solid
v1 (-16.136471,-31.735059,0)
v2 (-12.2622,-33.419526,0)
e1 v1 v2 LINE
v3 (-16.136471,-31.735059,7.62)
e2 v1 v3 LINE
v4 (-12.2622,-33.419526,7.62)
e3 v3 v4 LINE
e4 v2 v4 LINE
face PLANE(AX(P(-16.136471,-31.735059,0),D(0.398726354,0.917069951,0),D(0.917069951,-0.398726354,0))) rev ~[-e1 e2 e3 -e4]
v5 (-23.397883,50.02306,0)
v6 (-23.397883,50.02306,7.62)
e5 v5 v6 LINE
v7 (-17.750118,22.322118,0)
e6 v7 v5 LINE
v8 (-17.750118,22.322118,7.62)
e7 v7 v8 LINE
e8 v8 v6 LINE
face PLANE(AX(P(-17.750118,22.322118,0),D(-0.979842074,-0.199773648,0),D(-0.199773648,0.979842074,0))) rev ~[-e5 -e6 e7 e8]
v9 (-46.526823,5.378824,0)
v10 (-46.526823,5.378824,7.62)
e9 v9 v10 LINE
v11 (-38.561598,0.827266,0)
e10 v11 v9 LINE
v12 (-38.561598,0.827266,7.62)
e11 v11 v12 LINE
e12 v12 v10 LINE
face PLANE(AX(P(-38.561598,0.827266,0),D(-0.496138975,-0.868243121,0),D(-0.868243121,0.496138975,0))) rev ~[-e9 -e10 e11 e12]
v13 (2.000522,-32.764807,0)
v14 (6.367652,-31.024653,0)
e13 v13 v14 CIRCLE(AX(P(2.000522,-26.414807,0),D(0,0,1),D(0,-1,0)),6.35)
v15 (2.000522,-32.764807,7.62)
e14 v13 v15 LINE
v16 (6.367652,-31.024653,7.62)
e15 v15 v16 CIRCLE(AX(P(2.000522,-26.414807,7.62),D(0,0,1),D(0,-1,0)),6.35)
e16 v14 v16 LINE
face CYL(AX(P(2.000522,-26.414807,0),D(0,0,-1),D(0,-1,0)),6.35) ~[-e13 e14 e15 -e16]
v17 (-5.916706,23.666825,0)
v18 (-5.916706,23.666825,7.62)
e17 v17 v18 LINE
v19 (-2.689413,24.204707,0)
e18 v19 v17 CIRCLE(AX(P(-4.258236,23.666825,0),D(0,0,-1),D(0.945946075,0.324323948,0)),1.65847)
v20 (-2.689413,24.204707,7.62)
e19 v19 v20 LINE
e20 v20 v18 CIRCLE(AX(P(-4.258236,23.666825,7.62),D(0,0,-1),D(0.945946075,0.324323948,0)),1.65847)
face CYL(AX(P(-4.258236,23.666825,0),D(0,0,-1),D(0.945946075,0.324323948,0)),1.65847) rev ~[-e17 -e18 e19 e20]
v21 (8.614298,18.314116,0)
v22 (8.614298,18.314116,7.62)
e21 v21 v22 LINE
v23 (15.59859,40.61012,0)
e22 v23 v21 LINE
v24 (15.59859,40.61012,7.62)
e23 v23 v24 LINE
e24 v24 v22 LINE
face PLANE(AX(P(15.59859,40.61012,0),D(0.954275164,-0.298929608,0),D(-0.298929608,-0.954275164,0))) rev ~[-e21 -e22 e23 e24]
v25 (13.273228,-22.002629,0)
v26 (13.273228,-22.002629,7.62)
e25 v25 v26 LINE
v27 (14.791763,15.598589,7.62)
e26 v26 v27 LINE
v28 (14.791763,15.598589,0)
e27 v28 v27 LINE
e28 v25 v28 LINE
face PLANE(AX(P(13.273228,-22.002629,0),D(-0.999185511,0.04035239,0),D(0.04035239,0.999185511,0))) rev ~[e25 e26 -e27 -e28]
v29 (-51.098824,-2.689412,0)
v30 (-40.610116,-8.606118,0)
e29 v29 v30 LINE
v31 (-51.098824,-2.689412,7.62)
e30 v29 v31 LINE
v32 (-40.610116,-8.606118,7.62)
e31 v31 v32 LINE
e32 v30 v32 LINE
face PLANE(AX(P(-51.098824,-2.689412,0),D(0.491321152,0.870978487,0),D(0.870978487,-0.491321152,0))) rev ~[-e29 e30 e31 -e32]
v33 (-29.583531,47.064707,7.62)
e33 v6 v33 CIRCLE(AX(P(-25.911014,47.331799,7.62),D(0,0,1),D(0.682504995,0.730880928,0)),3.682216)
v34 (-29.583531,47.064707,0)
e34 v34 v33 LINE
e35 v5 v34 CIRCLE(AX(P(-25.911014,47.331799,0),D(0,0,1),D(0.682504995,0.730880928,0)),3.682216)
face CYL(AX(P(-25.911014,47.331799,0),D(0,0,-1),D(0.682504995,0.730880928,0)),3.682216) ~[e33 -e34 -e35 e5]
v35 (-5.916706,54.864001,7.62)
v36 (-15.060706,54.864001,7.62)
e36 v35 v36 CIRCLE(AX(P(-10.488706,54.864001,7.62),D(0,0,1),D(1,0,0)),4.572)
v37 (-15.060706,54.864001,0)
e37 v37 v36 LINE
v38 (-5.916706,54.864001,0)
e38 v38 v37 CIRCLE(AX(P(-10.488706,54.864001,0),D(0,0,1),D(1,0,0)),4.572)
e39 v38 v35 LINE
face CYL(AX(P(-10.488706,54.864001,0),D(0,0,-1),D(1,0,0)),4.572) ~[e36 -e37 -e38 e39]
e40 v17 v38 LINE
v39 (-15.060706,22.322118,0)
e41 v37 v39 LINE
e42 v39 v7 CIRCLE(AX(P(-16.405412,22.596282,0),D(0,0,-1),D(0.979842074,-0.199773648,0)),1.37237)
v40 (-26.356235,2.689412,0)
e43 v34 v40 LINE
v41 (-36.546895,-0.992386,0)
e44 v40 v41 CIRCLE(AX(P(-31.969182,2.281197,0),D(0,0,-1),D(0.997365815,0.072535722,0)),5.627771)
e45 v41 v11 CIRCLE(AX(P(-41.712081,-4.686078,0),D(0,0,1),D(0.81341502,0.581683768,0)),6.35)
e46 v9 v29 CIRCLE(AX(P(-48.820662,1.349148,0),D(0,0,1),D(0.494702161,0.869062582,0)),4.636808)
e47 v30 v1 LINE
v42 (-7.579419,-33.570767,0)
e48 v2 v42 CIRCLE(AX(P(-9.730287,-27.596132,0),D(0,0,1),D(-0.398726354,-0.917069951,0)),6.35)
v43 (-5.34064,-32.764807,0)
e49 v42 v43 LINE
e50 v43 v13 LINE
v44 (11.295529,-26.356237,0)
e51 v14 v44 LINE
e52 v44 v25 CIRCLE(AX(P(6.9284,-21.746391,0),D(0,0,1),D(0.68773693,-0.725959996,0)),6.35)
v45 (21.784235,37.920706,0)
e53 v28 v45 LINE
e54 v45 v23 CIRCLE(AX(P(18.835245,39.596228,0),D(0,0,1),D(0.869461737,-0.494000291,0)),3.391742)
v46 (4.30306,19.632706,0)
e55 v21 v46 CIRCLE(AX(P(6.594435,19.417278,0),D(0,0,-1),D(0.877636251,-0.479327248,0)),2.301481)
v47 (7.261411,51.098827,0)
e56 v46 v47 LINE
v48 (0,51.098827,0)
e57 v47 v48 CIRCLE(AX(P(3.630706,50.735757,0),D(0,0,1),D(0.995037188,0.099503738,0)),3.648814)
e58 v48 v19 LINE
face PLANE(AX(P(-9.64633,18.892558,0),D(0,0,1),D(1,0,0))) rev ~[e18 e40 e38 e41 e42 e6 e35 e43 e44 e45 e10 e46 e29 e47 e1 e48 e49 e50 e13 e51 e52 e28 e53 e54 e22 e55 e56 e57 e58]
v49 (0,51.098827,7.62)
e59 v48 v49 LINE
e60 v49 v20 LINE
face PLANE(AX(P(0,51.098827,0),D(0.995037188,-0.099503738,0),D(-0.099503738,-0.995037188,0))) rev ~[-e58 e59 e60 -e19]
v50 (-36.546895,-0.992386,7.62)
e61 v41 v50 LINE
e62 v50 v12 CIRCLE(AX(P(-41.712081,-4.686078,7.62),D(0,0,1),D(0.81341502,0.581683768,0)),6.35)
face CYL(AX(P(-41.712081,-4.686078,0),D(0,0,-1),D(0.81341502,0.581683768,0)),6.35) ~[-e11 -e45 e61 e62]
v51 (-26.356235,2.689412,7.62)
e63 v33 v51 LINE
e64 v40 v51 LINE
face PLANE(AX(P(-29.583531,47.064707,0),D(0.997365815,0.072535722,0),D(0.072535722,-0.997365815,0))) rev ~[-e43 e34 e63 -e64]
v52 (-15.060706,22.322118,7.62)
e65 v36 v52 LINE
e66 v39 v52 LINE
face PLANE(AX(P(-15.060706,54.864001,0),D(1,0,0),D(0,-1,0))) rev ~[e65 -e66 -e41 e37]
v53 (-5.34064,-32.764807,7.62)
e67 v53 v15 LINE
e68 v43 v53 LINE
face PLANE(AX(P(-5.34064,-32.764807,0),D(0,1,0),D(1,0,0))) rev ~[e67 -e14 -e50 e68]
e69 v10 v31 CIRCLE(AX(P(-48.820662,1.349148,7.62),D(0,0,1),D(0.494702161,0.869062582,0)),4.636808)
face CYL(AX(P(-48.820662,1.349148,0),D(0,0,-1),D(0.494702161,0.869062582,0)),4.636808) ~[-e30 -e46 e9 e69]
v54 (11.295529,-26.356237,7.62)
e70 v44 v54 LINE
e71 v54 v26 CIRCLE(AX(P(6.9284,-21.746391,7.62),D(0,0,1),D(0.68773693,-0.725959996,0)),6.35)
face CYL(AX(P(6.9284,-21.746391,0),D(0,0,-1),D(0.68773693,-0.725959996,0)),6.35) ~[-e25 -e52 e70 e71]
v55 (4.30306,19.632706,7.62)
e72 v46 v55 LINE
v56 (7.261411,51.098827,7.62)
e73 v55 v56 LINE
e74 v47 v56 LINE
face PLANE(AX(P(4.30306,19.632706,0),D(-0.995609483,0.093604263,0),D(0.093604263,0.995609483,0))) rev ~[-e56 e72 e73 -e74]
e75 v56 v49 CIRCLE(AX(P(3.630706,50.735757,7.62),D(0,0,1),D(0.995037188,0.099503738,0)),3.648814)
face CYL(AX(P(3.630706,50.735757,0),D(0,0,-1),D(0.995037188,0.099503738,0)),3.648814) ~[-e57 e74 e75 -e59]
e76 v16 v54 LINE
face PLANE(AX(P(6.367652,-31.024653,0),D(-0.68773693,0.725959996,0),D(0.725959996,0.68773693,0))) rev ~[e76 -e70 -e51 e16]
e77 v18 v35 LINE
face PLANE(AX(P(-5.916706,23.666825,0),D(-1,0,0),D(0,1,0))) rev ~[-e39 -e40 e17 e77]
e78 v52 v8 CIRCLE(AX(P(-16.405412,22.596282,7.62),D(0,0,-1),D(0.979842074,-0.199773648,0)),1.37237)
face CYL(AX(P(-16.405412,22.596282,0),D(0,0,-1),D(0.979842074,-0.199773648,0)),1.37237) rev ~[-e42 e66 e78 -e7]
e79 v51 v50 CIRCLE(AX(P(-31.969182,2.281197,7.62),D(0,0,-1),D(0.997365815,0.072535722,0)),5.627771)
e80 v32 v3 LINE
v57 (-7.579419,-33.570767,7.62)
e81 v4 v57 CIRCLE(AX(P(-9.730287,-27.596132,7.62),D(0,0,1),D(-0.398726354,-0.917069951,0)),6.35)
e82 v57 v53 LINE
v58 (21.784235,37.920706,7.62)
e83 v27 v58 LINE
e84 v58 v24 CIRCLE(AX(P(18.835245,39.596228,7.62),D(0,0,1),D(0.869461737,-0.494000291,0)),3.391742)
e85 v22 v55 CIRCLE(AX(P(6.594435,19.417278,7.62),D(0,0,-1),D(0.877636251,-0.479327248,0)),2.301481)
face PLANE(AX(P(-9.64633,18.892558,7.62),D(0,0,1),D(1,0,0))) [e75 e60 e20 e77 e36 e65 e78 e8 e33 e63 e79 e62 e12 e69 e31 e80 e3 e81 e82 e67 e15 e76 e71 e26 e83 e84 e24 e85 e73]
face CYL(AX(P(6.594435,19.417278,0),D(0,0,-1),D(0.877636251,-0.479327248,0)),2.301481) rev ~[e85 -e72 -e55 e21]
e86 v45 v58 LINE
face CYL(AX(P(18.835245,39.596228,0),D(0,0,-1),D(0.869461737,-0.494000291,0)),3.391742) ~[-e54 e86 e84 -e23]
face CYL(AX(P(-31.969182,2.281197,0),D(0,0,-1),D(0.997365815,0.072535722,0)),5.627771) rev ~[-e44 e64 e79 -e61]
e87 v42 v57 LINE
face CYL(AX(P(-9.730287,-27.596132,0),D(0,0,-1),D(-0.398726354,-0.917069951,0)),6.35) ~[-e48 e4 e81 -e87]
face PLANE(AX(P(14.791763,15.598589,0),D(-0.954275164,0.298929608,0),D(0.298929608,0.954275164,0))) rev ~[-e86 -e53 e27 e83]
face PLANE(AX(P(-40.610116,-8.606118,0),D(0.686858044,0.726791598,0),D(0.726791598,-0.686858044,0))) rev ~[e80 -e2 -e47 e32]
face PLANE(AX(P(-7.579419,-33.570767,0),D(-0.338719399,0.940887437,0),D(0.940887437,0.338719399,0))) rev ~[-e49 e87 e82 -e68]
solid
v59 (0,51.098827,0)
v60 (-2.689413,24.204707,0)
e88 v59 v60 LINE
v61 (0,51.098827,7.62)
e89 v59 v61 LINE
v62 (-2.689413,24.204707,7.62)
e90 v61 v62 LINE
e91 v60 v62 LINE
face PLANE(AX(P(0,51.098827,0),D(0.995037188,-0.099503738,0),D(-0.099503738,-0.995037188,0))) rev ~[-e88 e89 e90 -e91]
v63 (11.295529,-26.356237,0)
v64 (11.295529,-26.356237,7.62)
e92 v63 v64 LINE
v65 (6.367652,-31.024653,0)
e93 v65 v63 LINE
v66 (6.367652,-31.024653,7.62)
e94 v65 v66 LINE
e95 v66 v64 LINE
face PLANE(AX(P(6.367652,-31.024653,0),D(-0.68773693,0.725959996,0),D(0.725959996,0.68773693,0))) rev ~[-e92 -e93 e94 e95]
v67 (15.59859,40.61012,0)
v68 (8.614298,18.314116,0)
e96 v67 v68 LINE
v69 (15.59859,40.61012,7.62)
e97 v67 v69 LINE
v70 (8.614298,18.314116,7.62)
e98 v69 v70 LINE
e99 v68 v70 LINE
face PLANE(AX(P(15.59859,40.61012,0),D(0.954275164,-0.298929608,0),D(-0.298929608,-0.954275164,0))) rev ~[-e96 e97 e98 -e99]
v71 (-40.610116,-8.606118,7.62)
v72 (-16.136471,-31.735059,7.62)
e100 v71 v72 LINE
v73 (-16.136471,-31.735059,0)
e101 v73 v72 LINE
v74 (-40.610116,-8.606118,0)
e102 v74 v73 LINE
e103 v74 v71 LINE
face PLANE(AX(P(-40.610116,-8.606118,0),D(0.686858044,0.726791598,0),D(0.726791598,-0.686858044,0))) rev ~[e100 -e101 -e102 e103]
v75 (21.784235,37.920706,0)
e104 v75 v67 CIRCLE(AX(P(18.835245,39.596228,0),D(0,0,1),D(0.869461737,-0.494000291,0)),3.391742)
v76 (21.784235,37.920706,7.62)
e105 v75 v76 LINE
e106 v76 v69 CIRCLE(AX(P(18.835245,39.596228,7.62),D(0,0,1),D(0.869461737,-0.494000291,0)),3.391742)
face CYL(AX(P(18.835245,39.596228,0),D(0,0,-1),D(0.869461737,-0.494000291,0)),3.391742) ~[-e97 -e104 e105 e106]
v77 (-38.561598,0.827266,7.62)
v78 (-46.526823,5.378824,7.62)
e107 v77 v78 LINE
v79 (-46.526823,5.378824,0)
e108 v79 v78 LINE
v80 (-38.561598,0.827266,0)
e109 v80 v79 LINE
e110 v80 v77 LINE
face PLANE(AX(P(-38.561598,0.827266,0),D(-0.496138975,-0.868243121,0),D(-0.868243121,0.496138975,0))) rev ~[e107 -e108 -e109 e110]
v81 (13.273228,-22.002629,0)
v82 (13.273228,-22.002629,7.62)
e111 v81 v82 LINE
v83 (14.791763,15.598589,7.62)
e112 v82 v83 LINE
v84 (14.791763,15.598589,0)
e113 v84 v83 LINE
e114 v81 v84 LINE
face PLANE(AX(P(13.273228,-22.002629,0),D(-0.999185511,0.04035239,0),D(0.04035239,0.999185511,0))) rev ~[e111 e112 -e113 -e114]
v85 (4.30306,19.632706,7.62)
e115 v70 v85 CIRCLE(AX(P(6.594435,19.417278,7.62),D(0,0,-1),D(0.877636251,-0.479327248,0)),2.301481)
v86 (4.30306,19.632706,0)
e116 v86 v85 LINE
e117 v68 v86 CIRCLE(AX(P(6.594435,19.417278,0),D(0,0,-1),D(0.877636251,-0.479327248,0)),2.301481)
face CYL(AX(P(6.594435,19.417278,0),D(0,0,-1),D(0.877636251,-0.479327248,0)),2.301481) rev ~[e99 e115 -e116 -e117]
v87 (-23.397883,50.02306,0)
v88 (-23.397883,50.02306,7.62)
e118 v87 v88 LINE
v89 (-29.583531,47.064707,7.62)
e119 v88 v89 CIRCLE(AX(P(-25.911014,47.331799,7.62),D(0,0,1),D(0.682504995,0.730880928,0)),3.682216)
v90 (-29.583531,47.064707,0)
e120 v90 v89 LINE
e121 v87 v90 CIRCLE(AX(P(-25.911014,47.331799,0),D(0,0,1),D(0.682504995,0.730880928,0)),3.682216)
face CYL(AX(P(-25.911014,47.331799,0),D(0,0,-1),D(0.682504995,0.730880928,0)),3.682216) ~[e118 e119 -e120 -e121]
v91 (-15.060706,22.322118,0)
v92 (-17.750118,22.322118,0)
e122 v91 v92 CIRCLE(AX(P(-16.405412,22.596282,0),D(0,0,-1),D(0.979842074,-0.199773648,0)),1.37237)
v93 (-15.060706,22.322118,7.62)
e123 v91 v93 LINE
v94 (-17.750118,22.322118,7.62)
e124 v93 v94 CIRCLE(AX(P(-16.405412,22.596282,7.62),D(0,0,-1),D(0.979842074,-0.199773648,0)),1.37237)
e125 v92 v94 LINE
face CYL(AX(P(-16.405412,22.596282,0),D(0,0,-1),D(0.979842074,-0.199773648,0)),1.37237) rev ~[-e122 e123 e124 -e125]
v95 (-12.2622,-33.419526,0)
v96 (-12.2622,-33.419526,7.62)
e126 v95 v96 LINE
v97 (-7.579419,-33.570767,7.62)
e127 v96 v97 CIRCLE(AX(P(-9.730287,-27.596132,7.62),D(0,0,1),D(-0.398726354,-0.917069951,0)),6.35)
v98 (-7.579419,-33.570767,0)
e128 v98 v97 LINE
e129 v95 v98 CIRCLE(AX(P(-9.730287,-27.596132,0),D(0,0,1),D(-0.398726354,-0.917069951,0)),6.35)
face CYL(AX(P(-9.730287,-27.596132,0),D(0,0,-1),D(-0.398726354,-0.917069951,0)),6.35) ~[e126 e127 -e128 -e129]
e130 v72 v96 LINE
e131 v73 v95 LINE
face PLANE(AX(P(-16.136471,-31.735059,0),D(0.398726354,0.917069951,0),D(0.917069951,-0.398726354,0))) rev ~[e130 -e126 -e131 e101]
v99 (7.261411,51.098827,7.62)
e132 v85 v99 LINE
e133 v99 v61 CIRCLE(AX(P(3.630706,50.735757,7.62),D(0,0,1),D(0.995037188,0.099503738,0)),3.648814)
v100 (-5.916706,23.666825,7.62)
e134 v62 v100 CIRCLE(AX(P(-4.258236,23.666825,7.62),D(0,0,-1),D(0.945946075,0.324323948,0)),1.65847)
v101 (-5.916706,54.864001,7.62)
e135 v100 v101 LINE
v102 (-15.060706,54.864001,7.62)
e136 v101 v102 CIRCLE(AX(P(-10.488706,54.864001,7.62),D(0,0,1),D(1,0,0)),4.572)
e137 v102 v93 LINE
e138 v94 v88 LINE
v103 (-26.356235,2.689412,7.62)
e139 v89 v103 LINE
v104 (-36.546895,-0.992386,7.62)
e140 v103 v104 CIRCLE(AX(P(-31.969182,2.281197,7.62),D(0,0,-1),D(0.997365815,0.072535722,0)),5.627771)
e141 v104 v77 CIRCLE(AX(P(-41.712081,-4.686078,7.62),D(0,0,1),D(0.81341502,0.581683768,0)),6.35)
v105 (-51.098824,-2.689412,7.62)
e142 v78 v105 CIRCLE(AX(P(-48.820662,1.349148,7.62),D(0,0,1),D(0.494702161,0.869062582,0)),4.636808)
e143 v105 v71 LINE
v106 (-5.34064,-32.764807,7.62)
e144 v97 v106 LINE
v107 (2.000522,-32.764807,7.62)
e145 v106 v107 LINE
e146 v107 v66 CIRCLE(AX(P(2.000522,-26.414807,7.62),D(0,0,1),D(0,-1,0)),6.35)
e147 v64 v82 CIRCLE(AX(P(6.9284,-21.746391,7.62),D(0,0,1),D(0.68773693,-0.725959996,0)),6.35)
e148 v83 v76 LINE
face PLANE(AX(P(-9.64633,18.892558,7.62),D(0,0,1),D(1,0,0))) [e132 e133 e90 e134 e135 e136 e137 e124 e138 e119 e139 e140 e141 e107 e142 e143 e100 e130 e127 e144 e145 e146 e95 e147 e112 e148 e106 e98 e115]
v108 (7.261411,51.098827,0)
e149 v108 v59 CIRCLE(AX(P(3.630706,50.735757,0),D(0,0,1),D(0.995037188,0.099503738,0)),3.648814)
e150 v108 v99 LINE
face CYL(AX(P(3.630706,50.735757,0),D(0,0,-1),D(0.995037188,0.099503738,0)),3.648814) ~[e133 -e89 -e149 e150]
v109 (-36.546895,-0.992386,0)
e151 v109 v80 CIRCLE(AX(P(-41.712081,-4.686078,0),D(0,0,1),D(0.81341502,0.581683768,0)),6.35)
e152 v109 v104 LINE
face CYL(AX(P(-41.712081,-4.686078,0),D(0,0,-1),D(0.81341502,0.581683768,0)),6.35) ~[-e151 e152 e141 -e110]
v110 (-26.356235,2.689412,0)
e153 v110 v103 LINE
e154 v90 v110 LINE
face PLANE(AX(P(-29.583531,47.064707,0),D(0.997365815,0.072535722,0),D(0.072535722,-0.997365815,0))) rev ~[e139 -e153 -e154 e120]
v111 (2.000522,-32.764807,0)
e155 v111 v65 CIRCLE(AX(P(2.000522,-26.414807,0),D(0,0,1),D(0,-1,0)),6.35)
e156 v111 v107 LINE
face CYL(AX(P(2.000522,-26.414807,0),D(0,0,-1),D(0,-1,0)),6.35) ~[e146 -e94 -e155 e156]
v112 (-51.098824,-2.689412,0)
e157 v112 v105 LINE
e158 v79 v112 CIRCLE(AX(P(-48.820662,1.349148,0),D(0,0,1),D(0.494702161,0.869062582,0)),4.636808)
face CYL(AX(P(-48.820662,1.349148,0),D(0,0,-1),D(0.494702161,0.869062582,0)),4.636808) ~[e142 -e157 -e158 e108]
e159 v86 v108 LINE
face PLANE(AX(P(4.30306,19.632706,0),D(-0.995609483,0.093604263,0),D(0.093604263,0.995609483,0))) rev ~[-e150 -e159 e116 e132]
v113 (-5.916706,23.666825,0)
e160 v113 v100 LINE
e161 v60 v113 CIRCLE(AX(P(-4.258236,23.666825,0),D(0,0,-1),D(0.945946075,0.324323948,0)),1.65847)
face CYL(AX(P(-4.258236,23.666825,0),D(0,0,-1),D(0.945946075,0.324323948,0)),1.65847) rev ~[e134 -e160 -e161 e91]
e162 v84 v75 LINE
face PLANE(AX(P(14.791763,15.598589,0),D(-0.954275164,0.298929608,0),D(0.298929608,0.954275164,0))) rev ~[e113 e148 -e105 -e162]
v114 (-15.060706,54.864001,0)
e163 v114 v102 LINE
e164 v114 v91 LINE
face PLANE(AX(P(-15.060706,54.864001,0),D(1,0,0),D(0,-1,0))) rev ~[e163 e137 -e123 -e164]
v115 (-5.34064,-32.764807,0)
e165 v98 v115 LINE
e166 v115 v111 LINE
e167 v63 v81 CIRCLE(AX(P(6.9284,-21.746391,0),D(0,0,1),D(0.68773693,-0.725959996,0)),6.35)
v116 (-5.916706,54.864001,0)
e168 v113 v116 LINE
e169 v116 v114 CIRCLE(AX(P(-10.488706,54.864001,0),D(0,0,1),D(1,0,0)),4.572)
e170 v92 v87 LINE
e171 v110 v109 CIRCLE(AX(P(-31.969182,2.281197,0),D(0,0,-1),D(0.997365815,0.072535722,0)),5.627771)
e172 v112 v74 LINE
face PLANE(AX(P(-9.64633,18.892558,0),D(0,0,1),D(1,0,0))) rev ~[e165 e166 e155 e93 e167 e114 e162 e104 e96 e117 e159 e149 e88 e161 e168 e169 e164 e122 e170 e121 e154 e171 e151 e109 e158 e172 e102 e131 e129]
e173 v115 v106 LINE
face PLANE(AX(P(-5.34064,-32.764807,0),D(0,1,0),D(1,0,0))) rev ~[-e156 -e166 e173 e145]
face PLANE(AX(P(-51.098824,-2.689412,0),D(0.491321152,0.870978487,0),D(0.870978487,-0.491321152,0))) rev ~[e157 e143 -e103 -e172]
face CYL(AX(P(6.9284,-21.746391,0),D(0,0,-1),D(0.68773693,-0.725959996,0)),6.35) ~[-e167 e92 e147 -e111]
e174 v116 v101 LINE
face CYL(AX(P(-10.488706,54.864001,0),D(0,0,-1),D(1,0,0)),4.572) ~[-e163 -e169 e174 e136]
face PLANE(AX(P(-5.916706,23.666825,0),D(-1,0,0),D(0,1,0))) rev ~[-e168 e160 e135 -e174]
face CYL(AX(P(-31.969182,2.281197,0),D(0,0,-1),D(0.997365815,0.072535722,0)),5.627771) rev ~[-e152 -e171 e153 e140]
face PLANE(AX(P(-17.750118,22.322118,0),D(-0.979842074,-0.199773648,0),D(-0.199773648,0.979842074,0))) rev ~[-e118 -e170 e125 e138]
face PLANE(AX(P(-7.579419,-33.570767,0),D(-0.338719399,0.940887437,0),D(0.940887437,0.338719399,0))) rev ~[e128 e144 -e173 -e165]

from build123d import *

# Parameters (mm, degrees)
F2_DEPTH = 7.62


with BuildPart() as f2:
    # F0 (on Top) → F2 (new body)
    with BuildSketch(Plane.XY):
        with BuildLine():
            ThreePointArc((-23.3978834003, 50.023060292), (-27.4997267828, 50.6536517659), (-29.5835305005, 47.0647066832))
            Line((-29.5835305005, 47.0647066832), (-26.3562351465, 2.6894118637))
            ThreePointArc((-26.3562351465, 2.6894118637), (-30.0568964057, -3.0117198643), (-36.5468953579, -0.9923857326))
            ThreePointArc((-36.5468953579, -0.9923857326), (-37.4558657154, 0.0263669016), (-38.5615982403, 0.8272661613))
            Line((-38.5615982403, 0.8272661613), (-46.5268231928, 5.3788237274))
            ThreePointArc((-46.5268231928, 5.3788237274), (-52.8547873235, 3.6351522654), (-51.0988235474, -2.6894118637))
            Line((-51.0988235474, -2.6894118637), (-40.6101159751, -8.6061181501))
            Line((-40.6101159751, -8.6061181501), (-16.1364711821, -31.7350588739))
            Line((-16.1364711821, -31.7350588739), (-12.2621996492, -33.4195259751))
            ThreePointArc((-12.2621996492, -33.4195259751), (-9.9352680974, -33.9428224896), (-7.5794191189, -33.5707670106))
            Line((-7.5794191189, -33.5707670106), (-5.3406401906, -32.7648067825))
            Line((-5.3406401906, -32.7648067825), (2.0005224682, -32.7648067825))
            ThreePointArc((2.0005224682, -32.7648067825), (4.3510519912, -32.3137482945), (6.3676519732, -31.0246527547))
            Line((6.3676519732, -31.0246527547), (11.2955290824, -26.3562370092))
            ThreePointArc((11.2955290824, -26.3562370092), (12.7098340581, -24.3727031559), (13.2732275699, -22.0026287135))
            Line((13.2732275699, -22.0026287135), (14.7917633876, 15.5985886231))
            Line((14.7917633876, 15.5985886231), (21.784234792, 37.9207059741))
            ThreePointArc((21.784234792, 37.9207059741), (20.1876221141, 42.706692178), (15.5985895544, 40.6101197004))
            Line((15.5985895544, 40.6101197004), (8.6142982273, 18.3141156696))
            ThreePointArc((8.6142982273, 18.3141156696), (5.9213082315, 17.2164344024), (4.3030595407, 19.6327064186))
            Line((4.3030595407, 19.6327064186), (7.2614112869, 51.0988272727))
            ThreePointArc((7.2614112869, 51.0988272727), (3.6307056434, 54.3845706594), (0, 51.0988272727))
            Line((0, 51.0988272727), (-2.6894125622, 24.2047067732))
            ThreePointArc((-2.6894125622, 24.2047067732), (-3.9855855018, 22.0309200881), (-5.9167062864, 23.6668251455))
            Line((-5.9167062864, 23.6668251455), (-5.9167062864, 54.8640005291))
            ThreePointArc((-5.9167062864, 54.8640005291), (-10.4887061752, 59.4360004179), (-15.0607060641, 54.8640005291))
            Line((-15.0607060641, 54.8640005291), (-15.0607060641, 22.3221182823))
            ThreePointArc((-15.0607060641, 22.3221182823), (-16.4054119959, 21.2239115903), (-17.7501179278, 22.3221182823))
            Line((-17.7501179278, 22.3221182823), (-23.3978834003, 50.023060292))
        make_face()
    extrude(amount=F2_DEPTH)


with BuildPart() as f2b:
    # F1 (on face) → F2, piece 2 (new body)
    with BuildSketch(Plane.XY):
        with BuildLine():
            Line((-17.7501179278, 22.3221182823), (-23.3978834003, 50.023060292))
            ThreePointArc((-23.3978834003, 50.023060292), (-27.4997267828, 50.6536517659), (-29.5835305005, 47.0647066832))
            Line((-29.5835305005, 47.0647066832), (-26.3562351465, 2.6894118637))
            ThreePointArc((-26.3562351465, 2.6894118637), (-30.0568964057, -3.0117198643), (-36.5468953579, -0.9923857326))
            ThreePointArc((-36.5468953579, -0.9923857326), (-37.4558657154, 0.0263669016), (-38.5615982403, 0.8272661613))
            Line((-38.5615982403, 0.8272661613), (-46.5268231928, 5.3788237274))
            ThreePointArc((-46.5268231928, 5.3788237274), (-52.8547873235, 3.6351522654), (-51.0988235474, -2.6894118637))
            Line((-51.0988235474, -2.6894118637), (-40.6101159751, -8.6061181501))
            Line((-40.6101159751, -8.6061181501), (-16.1364711821, -31.7350588739))
            Line((-16.1364711821, -31.7350588739), (-12.2621996492, -33.4195259751))
            ThreePointArc((-12.2621996492, -33.4195259751), (-9.9352680974, -33.9428224896), (-7.5794191189, -33.5707670106))
            Line((-7.5794191189, -33.5707670106), (-5.3406401906, -32.7648067825))
            Line((-5.3406401906, -32.7648067825), (2.0005224682, -32.7648067825))
            ThreePointArc((2.0005224682, -32.7648067825), (4.3510519912, -32.3137482945), (6.3676519732, -31.0246527547))
            Line((6.3676519732, -31.0246527547), (11.2955290824, -26.3562370092))
            ThreePointArc((11.2955290824, -26.3562370092), (12.7098340581, -24.3727031559), (13.2732275699, -22.0026287135))
            Line((13.2732275699, -22.0026287135), (14.7917633876, 15.5985886231))
            Line((14.7917633876, 15.5985886231), (21.784234792, 37.9207059741))
            ThreePointArc((21.784234792, 37.9207059741), (20.1876221141, 42.706692178), (15.5985895544, 40.6101197004))
            Line((15.5985895544, 40.6101197004), (8.6142982273, 18.3141156696))
            ThreePointArc((8.6142982273, 18.3141156696), (5.9213082315, 17.2164344024), (4.3030595407, 19.6327064186))
            Line((4.3030595407, 19.6327064186), (7.2614112869, 51.0988272727))
            ThreePointArc((7.2614112869, 51.0988272727), (3.6307056434, 54.3845706594), (0, 51.0988272727))
            Line((0, 51.0988272727), (-2.6894125622, 24.2047067732))
            ThreePointArc((-2.6894125622, 24.2047067732), (-3.9855855018, 22.0309200881), (-5.9167062864, 23.6668251455))
            Line((-5.9167062864, 23.6668251455), (-5.9167062864, 54.8640005291))
            ThreePointArc((-5.9167062864, 54.8640005291), (-10.4887061752, 59.4360004179), (-15.0607060641, 54.8640005291))
            Line((-15.0607060641, 54.8640005291), (-15.0607060641, 22.3221182823))
            ThreePointArc((-15.0607060641, 22.3221182823), (-16.4054119959, 21.2239115903), (-17.7501179278, 22.3221182823))
        make_face()
    extrude(amount=F2_DEPTH)


solid = Compound([f2.part, f2b.part])
